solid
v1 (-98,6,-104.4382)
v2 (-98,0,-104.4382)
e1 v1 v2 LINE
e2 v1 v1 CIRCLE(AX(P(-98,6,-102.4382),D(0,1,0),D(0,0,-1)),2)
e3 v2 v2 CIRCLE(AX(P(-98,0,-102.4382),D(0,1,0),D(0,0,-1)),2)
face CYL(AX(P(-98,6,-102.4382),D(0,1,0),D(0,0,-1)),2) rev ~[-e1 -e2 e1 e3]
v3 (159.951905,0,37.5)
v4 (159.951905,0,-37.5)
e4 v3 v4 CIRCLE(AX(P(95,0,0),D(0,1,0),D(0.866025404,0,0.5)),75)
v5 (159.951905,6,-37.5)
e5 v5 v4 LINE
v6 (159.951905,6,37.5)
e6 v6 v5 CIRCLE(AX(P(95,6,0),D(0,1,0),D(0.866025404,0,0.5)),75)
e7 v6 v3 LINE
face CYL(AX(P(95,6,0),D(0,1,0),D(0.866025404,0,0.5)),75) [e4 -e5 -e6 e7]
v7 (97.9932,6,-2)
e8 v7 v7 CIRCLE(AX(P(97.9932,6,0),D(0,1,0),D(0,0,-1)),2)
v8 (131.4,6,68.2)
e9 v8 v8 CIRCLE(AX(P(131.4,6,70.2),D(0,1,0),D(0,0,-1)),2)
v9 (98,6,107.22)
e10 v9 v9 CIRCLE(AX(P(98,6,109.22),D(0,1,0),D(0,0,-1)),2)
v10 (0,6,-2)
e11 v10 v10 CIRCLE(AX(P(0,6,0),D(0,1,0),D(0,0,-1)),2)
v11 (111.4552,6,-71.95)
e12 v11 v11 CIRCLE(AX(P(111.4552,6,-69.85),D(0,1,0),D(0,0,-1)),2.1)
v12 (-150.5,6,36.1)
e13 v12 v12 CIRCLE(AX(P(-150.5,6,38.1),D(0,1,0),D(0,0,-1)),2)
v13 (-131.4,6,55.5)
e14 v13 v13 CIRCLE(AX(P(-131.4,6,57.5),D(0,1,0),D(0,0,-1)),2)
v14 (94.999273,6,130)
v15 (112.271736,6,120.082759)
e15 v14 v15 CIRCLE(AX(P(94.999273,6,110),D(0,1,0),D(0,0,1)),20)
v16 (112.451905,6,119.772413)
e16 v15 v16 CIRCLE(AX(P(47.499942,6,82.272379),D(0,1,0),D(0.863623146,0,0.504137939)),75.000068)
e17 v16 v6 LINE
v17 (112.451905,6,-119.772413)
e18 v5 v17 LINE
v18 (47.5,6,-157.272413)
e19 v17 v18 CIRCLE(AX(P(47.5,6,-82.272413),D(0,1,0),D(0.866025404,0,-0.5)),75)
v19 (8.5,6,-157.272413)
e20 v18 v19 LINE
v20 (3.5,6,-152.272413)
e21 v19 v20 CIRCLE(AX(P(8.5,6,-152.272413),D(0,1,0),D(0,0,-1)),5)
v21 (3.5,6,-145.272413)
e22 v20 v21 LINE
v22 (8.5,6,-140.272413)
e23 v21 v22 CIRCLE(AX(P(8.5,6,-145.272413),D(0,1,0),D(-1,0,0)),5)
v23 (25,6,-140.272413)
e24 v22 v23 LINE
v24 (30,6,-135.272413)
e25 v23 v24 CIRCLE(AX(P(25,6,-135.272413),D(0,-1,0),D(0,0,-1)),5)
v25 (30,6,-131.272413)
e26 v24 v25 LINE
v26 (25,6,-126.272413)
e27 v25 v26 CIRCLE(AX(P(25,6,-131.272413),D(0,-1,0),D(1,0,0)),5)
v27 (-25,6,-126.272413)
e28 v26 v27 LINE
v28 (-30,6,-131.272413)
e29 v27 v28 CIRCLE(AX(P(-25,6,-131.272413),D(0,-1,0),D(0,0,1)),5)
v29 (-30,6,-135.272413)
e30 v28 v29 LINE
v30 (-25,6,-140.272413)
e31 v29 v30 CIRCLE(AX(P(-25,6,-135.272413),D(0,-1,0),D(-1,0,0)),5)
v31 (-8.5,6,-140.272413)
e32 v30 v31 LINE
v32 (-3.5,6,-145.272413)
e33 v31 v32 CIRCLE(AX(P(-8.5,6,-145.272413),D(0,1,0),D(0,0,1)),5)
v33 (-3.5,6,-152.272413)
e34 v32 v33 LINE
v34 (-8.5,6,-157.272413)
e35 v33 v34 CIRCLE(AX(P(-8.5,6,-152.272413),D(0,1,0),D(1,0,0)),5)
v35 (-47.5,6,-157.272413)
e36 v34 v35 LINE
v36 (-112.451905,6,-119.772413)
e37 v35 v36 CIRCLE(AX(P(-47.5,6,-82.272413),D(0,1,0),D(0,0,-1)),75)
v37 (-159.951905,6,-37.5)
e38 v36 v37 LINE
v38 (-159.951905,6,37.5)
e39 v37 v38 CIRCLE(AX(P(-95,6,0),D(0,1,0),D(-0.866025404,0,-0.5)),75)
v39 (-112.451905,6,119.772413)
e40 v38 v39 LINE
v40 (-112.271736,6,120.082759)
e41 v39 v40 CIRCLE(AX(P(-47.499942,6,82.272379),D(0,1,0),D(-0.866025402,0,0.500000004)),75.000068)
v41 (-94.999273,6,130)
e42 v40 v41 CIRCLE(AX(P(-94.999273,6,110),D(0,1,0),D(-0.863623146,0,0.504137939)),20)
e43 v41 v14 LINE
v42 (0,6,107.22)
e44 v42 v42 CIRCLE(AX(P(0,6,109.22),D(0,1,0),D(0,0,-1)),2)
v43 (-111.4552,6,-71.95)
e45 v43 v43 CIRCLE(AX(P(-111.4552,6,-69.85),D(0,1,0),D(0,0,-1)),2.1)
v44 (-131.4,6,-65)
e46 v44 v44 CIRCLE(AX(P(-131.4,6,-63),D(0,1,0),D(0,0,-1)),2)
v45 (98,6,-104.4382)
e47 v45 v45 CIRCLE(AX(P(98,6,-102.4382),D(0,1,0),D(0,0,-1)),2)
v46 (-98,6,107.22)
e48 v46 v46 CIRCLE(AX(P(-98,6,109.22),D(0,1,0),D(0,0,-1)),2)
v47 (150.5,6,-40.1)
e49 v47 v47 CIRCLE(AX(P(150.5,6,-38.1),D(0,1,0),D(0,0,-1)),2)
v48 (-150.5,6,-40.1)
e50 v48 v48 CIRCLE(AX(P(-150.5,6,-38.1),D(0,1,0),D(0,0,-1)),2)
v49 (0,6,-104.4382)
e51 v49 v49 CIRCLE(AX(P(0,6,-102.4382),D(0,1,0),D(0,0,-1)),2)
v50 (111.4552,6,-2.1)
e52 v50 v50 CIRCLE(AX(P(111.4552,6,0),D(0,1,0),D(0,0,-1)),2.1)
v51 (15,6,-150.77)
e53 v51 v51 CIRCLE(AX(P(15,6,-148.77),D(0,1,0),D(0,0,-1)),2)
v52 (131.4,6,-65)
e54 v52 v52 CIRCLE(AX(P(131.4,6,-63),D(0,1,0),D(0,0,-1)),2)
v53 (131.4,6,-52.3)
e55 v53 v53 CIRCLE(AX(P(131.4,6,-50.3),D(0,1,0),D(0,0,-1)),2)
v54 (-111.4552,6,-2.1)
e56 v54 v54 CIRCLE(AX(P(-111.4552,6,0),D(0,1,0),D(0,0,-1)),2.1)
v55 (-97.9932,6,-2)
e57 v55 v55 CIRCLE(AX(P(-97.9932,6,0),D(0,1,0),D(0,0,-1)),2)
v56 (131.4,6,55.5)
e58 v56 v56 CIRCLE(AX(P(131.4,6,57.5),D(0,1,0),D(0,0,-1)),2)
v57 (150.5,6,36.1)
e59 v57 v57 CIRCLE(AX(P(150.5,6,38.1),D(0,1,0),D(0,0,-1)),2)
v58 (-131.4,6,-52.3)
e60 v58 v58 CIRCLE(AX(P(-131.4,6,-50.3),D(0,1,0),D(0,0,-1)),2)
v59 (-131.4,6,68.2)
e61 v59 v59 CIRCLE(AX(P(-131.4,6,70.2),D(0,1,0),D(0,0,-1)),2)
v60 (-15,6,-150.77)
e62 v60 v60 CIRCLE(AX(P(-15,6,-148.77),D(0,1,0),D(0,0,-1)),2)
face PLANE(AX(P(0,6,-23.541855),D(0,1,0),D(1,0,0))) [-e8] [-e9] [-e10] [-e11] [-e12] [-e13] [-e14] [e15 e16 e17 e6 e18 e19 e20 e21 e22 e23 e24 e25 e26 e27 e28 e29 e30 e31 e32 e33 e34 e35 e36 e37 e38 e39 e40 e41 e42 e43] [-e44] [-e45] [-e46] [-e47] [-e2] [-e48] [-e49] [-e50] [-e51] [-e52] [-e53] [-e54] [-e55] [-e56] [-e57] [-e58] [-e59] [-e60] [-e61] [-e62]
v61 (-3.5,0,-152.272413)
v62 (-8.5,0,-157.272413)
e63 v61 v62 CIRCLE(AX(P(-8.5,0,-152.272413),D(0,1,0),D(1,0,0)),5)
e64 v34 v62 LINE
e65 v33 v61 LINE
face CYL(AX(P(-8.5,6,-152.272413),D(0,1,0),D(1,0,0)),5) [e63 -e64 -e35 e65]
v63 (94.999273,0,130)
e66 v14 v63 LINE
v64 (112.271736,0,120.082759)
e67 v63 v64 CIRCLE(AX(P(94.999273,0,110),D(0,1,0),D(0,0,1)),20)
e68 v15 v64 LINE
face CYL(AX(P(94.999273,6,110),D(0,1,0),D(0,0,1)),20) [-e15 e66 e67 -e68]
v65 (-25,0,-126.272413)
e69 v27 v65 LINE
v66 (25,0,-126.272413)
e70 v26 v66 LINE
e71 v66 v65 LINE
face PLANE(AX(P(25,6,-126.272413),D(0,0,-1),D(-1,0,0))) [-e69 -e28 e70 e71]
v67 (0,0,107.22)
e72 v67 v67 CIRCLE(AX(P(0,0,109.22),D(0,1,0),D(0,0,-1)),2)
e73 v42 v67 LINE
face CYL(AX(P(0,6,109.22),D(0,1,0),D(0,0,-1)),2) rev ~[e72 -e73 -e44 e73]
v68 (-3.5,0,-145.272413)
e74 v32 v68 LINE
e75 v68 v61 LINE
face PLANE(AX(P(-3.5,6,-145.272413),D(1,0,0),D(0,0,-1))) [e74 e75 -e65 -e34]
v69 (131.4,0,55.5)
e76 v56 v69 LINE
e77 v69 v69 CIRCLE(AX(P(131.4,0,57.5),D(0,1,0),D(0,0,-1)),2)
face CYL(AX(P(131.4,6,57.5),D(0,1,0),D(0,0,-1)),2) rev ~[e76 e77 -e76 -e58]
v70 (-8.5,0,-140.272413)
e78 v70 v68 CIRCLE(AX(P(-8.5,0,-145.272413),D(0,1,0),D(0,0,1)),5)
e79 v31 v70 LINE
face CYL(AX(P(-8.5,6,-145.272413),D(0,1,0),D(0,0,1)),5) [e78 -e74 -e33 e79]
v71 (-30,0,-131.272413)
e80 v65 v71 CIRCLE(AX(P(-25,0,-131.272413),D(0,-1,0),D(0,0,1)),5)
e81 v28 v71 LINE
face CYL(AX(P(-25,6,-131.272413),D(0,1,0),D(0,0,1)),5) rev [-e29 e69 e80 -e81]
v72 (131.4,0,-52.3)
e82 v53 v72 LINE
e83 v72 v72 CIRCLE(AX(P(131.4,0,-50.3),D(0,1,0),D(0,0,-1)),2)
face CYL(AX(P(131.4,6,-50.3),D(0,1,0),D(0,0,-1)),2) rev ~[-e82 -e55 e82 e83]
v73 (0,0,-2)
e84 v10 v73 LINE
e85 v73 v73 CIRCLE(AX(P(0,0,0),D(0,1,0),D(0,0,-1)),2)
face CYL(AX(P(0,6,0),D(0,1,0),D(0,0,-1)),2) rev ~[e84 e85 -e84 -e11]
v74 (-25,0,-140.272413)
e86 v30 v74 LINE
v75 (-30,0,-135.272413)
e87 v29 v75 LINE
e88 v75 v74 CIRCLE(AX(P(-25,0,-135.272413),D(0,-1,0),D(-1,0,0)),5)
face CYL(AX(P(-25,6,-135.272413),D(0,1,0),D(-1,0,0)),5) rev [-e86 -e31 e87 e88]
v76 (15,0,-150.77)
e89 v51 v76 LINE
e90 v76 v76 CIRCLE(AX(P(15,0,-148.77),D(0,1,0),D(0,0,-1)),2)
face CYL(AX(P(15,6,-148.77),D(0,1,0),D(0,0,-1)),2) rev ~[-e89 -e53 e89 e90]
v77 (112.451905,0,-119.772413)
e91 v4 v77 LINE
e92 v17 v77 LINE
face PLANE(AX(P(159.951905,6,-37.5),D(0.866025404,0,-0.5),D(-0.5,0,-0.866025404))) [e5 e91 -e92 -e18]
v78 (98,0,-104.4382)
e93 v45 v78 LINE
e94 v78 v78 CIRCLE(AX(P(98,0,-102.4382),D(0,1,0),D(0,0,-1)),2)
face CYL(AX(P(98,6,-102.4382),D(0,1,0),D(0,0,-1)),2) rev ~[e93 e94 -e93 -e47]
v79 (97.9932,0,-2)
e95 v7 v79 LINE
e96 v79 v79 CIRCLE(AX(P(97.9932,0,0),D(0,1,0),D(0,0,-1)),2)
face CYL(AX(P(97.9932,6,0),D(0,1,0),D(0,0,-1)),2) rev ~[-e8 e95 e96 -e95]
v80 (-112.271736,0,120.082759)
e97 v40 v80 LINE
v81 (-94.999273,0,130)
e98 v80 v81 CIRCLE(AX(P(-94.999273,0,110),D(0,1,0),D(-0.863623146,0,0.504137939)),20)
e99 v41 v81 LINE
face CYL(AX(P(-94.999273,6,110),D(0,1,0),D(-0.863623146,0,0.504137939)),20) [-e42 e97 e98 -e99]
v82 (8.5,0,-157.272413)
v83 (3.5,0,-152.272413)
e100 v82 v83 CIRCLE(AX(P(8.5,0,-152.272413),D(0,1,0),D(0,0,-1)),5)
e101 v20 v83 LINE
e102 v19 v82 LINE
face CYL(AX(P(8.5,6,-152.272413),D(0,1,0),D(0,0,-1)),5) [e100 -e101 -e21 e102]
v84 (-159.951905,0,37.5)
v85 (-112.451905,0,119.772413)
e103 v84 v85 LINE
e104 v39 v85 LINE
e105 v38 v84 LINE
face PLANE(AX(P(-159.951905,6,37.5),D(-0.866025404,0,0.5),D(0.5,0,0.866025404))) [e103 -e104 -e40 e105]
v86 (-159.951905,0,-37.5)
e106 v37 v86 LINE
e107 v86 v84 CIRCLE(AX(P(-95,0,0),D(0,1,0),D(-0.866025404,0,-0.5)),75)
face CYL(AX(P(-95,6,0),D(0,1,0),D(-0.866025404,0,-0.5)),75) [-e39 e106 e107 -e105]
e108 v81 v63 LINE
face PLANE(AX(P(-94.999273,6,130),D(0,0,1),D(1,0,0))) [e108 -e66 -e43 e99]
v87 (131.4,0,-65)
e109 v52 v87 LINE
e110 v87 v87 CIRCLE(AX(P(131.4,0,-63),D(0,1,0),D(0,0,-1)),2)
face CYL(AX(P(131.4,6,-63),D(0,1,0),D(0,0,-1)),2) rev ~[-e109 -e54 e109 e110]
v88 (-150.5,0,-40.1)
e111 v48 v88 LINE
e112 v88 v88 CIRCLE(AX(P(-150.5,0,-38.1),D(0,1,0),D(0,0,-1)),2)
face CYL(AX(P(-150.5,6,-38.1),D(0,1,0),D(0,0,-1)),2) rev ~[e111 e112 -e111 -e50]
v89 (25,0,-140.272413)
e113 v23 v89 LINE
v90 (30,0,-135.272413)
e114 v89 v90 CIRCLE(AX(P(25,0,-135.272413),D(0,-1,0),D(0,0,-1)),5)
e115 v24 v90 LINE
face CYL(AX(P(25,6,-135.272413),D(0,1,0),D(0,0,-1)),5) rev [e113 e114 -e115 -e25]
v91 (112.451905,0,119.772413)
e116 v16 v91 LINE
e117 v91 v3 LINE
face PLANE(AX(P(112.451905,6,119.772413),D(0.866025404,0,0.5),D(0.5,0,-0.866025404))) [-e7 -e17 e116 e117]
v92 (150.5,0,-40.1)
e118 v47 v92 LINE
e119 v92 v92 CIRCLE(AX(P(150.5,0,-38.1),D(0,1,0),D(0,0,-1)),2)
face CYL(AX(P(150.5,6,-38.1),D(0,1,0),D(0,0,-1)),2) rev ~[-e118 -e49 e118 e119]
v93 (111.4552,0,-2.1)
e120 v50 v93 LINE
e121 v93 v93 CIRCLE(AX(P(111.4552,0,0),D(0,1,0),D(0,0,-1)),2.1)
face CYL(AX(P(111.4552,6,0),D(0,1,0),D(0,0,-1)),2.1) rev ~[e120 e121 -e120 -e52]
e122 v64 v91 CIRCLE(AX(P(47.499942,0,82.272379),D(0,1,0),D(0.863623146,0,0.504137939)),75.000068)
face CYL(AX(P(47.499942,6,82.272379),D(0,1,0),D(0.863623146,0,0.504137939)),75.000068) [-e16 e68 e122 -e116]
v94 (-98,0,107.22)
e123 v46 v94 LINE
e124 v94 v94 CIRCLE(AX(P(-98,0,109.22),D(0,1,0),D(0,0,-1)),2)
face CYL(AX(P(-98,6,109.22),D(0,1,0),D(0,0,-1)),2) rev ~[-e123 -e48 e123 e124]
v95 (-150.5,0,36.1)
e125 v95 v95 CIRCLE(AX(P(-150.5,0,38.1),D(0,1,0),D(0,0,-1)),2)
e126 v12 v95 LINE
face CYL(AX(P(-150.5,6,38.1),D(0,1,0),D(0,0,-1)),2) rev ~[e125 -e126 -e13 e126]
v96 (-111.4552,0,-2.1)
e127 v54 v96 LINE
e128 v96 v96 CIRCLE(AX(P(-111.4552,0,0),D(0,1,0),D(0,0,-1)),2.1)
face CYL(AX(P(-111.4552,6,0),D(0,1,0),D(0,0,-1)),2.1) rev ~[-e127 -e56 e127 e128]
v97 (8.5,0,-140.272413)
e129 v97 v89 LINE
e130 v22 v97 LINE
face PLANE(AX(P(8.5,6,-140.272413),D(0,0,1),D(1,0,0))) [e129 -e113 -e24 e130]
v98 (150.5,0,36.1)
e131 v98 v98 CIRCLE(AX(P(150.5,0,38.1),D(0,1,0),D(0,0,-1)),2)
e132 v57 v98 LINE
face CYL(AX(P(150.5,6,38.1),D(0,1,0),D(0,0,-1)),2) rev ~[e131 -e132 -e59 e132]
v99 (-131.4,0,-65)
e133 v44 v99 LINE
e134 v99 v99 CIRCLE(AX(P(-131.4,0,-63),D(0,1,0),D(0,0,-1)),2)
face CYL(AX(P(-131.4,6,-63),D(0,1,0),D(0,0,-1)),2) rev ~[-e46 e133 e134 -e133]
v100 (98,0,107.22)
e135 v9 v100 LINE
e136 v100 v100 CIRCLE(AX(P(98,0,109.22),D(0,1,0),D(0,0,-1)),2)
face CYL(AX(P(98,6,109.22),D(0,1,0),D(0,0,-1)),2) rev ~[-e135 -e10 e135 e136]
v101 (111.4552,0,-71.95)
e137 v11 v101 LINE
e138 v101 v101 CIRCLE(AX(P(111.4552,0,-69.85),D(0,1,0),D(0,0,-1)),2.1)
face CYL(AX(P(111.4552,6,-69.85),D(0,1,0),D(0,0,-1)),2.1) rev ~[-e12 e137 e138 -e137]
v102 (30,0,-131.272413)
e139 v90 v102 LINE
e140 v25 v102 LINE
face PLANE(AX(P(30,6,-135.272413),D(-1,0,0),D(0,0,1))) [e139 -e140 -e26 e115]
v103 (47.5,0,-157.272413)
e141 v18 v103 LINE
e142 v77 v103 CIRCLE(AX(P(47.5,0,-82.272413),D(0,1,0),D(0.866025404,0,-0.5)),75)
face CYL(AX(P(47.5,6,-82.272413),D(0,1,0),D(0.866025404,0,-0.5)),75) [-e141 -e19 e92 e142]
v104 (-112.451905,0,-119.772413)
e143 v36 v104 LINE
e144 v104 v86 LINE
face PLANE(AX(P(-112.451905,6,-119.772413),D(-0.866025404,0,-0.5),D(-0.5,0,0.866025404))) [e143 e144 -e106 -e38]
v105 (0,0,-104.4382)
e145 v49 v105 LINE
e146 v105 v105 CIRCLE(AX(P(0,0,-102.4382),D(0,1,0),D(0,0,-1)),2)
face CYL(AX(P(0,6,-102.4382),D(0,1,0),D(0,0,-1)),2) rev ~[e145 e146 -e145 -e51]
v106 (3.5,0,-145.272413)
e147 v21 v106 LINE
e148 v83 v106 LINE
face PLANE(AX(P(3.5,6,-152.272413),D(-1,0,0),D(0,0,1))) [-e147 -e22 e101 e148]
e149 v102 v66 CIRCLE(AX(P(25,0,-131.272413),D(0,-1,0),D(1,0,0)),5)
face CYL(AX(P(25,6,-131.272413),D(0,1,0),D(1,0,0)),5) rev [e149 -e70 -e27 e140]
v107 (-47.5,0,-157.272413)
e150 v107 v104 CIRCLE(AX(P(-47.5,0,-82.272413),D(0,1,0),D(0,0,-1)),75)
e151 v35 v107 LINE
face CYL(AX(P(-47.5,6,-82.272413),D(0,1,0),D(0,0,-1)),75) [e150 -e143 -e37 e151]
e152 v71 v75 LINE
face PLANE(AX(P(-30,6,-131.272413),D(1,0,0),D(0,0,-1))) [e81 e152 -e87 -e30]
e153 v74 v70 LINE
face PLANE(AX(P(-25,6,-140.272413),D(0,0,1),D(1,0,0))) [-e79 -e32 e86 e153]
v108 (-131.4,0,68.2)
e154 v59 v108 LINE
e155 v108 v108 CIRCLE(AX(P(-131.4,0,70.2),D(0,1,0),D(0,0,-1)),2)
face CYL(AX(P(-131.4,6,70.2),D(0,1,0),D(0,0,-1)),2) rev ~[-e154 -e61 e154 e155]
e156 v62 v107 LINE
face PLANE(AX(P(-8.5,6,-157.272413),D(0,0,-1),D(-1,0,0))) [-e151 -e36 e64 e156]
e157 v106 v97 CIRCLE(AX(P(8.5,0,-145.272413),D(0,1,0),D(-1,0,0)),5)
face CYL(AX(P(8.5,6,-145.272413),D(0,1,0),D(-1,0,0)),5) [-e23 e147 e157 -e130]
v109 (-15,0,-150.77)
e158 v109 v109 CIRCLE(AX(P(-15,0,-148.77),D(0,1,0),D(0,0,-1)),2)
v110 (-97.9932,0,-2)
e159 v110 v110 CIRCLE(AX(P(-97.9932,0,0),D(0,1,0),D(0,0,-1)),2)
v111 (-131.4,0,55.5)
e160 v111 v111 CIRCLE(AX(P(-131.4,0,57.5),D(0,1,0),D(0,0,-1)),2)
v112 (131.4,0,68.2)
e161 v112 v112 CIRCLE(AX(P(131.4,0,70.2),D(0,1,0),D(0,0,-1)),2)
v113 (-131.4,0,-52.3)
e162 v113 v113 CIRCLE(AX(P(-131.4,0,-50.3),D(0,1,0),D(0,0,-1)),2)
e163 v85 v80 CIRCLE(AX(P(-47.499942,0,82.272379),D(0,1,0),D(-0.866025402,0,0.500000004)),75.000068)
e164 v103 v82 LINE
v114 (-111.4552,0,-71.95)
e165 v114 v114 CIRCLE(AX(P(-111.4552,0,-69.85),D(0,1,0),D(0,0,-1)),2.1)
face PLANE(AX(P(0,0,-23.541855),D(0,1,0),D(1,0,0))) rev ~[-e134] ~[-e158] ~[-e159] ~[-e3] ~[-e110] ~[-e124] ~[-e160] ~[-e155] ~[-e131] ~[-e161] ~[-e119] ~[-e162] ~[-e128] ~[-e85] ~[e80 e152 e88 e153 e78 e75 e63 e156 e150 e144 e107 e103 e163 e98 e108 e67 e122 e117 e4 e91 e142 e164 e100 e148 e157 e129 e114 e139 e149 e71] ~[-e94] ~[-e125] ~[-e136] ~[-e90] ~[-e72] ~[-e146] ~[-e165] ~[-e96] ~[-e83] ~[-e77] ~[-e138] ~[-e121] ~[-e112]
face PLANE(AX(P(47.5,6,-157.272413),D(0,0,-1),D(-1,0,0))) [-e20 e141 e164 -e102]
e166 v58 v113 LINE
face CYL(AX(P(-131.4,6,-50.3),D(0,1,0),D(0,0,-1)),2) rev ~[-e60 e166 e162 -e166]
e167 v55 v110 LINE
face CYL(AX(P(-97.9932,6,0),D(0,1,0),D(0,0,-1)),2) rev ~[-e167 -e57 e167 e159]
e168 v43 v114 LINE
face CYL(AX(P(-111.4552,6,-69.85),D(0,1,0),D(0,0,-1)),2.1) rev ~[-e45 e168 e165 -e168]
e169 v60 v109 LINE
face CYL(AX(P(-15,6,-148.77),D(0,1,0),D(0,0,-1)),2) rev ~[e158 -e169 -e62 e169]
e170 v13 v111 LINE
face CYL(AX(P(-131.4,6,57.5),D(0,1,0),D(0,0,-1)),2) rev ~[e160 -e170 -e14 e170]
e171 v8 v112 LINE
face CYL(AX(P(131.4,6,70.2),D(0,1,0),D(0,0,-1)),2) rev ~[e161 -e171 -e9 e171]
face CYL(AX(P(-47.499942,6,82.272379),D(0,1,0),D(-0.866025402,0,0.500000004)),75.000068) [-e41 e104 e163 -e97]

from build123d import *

# Parameters (mm, degrees)
ESBO_O1_R                = 2
ESBO_O1_R_2              = 2.1
RESSALTO_EXTRUS_O1_DEPTH = 6


with BuildPart() as part:
    # Esboço1 → Ressalto-extrusão1 (new body)
    with BuildSketch(Plane(origin=(0, 6, 0), x_dir=(1, 0, 0), z_dir=(0, 1, 0))):
        with BuildLine():
            Line((-94.999273038, -130), (94.999273038, -130))
            ThreePointArc((94.999273038, -130), (104.95780768, -127.344382024), (112.27173596, -120.082758778))
            ThreePointArc((112.27173596, -120.082758778), (112.362006236, -119.927693826), (112.451905284, -119.77241336))
            Line((112.451905284, -119.77241336), (159.951905284, -37.5))
            ThreePointArc((159.951905284, -37.5), (170, 0), (159.951905284, 37.5))
            Line((159.951905284, 37.5), (112.451905284, 119.77241336))
            ThreePointArc((112.451905284, 119.77241336), (85, 147.224318643), (47.5, 157.27241336))
            Line((47.5, 157.27241336), (8.5, 157.27241336))
            ThreePointArc((8.5, 157.27241336), (4.964466094, 155.807947265), (3.5, 152.27241336))
            Line((3.5, 152.27241336), (3.5, 145.27241336))
            ThreePointArc((3.5, 145.27241336), (4.964466094, 141.736879454), (8.5, 140.27241336))
            Line((8.5, 140.27241336), (25, 140.27241336))
            ThreePointArc((25, 140.27241336), (28.535533906, 138.807947265), (30, 135.27241336))
            Line((30, 135.27241336), (30, 131.27241336))
            ThreePointArc((30, 131.27241336), (28.535533906, 127.736879454), (25, 126.27241336))
            Line((25, 126.27241336), (-25, 126.27241336))
            ThreePointArc((-25, 126.27241336), (-28.535533906, 127.736879454), (-30, 131.27241336))
            Line((-30, 131.27241336), (-30, 135.27241336))
            ThreePointArc((-30, 135.27241336), (-28.535533906, 138.807947265), (-25, 140.27241336))
            Line((-25, 140.27241336), (-8.5, 140.27241336))
            ThreePointArc((-8.5, 140.27241336), (-4.964466094, 141.736879454), (-3.5, 145.27241336))
            Line((-3.5, 145.27241336), (-3.5, 152.27241336))
            ThreePointArc((-3.5, 152.27241336), (-4.964466094, 155.807947265), (-8.5, 157.27241336))
            Line((-8.5, 157.27241336), (-47.5, 157.27241336))
            ThreePointArc((-47.5, 157.27241336), (-85, 147.224318643), (-112.451905284, 119.77241336))
            Line((-112.451905284, 119.77241336), (-159.951905284, 37.5))
            ThreePointArc((-159.951905284, 37.5), (-170, 0), (-159.951905284, -37.5))
            Line((-159.951905284, -37.5), (-112.451905284, -119.77241336))
            ThreePointArc((-112.451905284, -119.77241336), (-112.362006236, -119.927693826), (-112.27173596, -120.082758778))
            ThreePointArc((-112.27173596, -120.082758778), (-104.95780768, -127.344382024), (-94.999273038, -130))
        make_face()
        with Locations(Location((150.5, -38.1, 0), (0, 0, 90))):
            Circle(ESBO_O1_R, mode=Mode.SUBTRACT)
        with Locations(Location((150.5, 38.1, 0), (0, 0, 90))):
            Circle(ESBO_O1_R, mode=Mode.SUBTRACT)
        with Locations(Location((-150.5, -38.1, 0), (0, 0, 90))):
            Circle(ESBO_O1_R, mode=Mode.SUBTRACT)
        with Locations(Location((-150.5, 38.1, 0), (0, 0, 90))):
            Circle(ESBO_O1_R, mode=Mode.SUBTRACT)
        with Locations(Location((15, 148.77, 0), (0, 0, 90))):
            Circle(ESBO_O1_R, mode=Mode.SUBTRACT)
        with Locations(Location((-15, 148.77, 0), (0, 0, 90))):
            Circle(ESBO_O1_R, mode=Mode.SUBTRACT)
        with Locations(Location((131.4, -57.5, 0), (0, 0, 90))):
            Circle(ESBO_O1_R, mode=Mode.SUBTRACT)
        with Locations(Location((-131.4, -57.5, 0), (0, 0, 90))):
            Circle(ESBO_O1_R, mode=Mode.SUBTRACT)
        with Locations(Location((131.4, 63, 0), (0, 0, 90))):
            Circle(ESBO_O1_R, mode=Mode.SUBTRACT)
        with Locations(Location((-131.4, 63, 0), (0, 0, 90))):
            Circle(ESBO_O1_R, mode=Mode.SUBTRACT)
        with Locations(Location((131.4, -70.2, 0), (0, 0, 90))):
            Circle(ESBO_O1_R, mode=Mode.SUBTRACT)
        with Locations(Location((-131.4, -70.2, 0), (0, 0, 90))):
            Circle(ESBO_O1_R, mode=Mode.SUBTRACT)
        with Locations(Location((131.4, 50.3, 0), (0, 0, 90))):
            Circle(ESBO_O1_R, mode=Mode.SUBTRACT)
        with Locations(Location((-131.4, 50.3, 0), (0, 0, 90))):
            Circle(ESBO_O1_R, mode=Mode.SUBTRACT)
        with Locations(Location((98, -109.22, 0), (0, 0, 90))):
            Circle(ESBO_O1_R, mode=Mode.SUBTRACT)
        with Locations(Location((111.4552, 0, 0), (0, 0, 90))):
            Circle(ESBO_O1_R_2, mode=Mode.SUBTRACT)
        with Locations(Location((111.4552, 69.85, 0), (0, 0, 90))):
            Circle(ESBO_O1_R_2, mode=Mode.SUBTRACT)
        with Locations(Location((-111.4552, 0, 0), (0, 0, 90))):
            Circle(ESBO_O1_R_2, mode=Mode.SUBTRACT)
        with Locations(Location((-111.4552, 69.85, 0), (0, 0, 90))):
            Circle(ESBO_O1_R_2, mode=Mode.SUBTRACT)
        with Locations(Location((-97.9932, 0, 0), (0, 0, 90))):
            Circle(ESBO_O1_R, mode=Mode.SUBTRACT)
        with Locations(Location((97.9932, 0, 0), (0, 0, 90))):
            Circle(ESBO_O1_R, mode=Mode.SUBTRACT)
        with Locations(Location((0, 0, 0), (0, 0, 90))):
            Circle(ESBO_O1_R, mode=Mode.SUBTRACT)
        with Locations(Location((0, -109.22, 0), (0, 0, 90))):
            Circle(ESBO_O1_R, mode=Mode.SUBTRACT)
        with Locations(Location((0, 102.4382, 0), (0, 0, 90))):
            Circle(ESBO_O1_R, mode=Mode.SUBTRACT)
        with Locations(Location((-98, 102.4382, 0), (0, 0, 90))):
            Circle(ESBO_O1_R, mode=Mode.SUBTRACT)
        with Locations(Location((98, 102.4382, 0), (0, 0, 90))):
            Circle(ESBO_O1_R, mode=Mode.SUBTRACT)
        with Locations(Location((-98, -109.22, 0), (0, 0, 90))):
            Circle(ESBO_O1_R, mode=Mode.SUBTRACT)
    extrude(amount=-RESSALTO_EXTRUS_O1_DEPTH)


solid = part.part
